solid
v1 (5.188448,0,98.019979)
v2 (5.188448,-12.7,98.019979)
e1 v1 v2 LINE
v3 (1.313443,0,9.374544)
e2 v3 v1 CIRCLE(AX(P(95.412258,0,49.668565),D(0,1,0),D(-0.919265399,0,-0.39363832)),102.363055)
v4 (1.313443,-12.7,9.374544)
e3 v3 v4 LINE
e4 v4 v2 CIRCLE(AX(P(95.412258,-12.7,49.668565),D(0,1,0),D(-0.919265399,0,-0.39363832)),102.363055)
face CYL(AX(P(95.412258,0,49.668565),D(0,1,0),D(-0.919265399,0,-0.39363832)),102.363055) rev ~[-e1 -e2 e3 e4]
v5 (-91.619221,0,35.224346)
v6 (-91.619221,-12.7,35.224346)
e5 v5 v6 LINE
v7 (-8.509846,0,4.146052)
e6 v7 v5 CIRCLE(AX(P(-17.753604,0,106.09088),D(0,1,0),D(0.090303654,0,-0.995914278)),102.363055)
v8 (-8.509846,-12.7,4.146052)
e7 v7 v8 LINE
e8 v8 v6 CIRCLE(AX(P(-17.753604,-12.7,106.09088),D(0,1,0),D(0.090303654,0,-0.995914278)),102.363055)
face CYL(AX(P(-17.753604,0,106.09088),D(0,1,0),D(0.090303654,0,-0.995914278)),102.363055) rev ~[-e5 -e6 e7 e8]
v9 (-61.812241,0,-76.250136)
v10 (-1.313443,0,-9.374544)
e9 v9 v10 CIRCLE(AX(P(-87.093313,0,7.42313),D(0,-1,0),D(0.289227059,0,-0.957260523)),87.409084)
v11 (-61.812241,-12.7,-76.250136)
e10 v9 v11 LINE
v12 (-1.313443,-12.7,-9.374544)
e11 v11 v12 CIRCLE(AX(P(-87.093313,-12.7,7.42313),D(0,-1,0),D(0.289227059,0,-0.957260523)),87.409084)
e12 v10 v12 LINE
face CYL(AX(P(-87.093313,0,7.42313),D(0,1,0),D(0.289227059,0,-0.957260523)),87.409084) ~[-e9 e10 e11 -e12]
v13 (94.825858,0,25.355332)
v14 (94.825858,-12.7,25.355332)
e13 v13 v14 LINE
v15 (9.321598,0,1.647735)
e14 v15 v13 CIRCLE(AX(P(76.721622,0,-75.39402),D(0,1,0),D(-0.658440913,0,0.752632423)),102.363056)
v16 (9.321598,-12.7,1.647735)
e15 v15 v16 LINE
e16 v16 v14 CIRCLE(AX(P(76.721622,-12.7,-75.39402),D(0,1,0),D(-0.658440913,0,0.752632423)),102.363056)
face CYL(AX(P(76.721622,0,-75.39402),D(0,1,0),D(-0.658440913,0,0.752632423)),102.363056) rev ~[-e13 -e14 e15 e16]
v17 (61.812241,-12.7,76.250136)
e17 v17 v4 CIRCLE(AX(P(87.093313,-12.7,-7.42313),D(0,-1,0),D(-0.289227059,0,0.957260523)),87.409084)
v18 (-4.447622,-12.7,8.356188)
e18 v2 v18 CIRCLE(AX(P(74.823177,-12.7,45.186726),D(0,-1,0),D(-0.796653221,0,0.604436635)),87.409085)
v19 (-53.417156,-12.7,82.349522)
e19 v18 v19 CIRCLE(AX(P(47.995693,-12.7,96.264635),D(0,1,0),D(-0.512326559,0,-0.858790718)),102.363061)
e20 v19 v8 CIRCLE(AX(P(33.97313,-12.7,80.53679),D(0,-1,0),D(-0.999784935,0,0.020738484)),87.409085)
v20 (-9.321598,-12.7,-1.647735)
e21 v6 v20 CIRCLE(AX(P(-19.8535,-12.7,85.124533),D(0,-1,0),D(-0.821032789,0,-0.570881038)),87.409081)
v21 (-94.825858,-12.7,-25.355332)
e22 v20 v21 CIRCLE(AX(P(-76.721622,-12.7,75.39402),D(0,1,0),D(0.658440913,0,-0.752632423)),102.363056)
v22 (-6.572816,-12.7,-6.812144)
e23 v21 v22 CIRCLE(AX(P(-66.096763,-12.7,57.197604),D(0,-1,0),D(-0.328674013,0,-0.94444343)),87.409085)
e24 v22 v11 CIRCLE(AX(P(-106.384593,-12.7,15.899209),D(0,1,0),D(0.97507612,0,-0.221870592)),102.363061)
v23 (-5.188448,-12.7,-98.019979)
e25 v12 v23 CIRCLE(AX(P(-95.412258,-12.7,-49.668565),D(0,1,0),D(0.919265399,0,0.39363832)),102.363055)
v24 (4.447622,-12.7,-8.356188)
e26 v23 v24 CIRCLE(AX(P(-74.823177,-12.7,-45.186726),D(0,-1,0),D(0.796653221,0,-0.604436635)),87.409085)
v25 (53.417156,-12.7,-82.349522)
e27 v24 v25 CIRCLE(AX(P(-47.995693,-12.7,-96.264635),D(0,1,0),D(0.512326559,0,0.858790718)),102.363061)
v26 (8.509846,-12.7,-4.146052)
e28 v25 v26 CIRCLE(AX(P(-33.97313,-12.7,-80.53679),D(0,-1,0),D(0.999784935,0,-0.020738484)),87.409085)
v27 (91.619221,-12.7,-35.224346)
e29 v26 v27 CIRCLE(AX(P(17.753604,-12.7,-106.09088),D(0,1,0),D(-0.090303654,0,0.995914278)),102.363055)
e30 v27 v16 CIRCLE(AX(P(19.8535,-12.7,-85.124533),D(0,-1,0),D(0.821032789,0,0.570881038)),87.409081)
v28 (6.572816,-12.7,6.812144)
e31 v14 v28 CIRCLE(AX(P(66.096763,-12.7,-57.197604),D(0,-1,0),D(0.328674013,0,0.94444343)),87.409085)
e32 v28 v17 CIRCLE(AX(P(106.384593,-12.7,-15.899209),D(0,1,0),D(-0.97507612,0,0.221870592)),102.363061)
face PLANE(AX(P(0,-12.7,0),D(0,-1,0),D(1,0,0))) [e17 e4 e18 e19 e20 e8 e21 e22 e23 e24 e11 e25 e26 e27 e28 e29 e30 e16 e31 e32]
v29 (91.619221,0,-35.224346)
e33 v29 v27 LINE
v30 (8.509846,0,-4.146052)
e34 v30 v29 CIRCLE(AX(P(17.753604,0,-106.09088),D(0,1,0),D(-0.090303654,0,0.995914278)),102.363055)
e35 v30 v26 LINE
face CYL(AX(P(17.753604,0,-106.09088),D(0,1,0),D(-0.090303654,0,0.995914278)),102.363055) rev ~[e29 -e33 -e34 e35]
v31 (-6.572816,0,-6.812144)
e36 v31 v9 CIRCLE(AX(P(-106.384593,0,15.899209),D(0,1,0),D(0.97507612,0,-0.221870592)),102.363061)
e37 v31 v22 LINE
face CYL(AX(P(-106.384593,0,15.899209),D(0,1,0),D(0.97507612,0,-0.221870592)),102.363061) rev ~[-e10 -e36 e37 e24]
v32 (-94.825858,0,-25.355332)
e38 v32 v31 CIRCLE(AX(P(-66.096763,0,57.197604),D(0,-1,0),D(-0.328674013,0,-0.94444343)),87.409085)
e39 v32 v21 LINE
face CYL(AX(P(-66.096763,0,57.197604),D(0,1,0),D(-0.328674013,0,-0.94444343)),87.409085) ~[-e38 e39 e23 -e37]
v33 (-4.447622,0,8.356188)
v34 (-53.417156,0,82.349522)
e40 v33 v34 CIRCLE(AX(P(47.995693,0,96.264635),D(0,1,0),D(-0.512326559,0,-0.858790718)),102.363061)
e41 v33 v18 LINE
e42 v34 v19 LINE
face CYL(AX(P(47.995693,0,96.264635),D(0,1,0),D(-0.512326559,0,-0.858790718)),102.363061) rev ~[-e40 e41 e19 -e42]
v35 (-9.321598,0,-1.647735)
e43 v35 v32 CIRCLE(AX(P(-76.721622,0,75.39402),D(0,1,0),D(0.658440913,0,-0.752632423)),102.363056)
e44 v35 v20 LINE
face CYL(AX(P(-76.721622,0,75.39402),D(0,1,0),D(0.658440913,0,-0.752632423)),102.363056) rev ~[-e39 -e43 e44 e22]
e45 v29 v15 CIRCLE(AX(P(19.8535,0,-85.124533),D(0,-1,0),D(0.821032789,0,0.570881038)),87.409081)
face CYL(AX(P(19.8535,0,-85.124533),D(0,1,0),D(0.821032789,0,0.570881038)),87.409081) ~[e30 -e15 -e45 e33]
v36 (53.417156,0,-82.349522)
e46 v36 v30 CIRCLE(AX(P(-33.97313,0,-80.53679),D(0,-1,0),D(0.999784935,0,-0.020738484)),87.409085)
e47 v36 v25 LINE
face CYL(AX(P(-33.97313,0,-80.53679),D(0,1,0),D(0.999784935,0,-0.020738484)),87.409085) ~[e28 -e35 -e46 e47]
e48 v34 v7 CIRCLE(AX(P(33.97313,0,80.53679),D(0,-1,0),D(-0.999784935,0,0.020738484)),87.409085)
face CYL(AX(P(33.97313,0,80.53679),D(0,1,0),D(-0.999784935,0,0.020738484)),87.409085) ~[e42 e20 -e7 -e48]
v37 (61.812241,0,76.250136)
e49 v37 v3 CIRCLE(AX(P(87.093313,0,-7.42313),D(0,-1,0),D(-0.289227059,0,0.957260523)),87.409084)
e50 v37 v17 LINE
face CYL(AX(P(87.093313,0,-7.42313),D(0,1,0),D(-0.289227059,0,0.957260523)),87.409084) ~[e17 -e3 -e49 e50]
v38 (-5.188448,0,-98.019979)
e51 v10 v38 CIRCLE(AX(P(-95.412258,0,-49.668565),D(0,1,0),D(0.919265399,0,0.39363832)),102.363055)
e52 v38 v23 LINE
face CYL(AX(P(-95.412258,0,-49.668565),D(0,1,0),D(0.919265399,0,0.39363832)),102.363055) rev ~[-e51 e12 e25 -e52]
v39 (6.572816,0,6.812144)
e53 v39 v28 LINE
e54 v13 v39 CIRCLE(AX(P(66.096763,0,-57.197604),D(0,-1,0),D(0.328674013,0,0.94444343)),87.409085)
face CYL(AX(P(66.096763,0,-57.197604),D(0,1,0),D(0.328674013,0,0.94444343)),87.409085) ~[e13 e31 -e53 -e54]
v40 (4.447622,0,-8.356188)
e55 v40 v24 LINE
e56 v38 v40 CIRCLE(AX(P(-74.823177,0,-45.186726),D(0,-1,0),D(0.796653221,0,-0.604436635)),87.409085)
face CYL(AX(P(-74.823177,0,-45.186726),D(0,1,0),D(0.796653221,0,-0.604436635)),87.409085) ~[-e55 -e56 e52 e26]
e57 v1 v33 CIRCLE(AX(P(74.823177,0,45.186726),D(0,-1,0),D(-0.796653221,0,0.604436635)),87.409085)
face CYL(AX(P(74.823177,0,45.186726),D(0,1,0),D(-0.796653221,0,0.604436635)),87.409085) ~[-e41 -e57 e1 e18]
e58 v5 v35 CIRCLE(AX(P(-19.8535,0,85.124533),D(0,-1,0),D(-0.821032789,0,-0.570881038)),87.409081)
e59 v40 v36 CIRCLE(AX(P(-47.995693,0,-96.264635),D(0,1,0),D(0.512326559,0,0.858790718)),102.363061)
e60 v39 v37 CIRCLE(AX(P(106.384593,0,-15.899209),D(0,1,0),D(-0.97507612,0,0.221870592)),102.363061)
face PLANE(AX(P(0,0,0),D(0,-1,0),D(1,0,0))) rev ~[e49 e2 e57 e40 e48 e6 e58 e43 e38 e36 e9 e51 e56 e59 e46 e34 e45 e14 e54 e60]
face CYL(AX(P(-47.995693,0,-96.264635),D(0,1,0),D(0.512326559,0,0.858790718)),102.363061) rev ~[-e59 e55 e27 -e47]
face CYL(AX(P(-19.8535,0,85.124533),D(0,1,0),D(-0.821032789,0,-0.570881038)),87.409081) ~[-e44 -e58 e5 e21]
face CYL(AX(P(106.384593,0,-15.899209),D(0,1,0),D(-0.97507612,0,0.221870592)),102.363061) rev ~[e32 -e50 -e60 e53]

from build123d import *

# Parameters (mm, degrees)
F1_DEPTH = 12.7


with BuildPart() as f1:
    # F0 (on Front) → F1 (new body)
    with BuildSketch(Plane.XZ):
        with BuildLine():
            ThreePointArc((6.572816, 6.812144), (26.277771, 47.8275), (61.812241, 76.250136))
            ThreePointArc((61.812241, 76.250136), (22.272642, 51.216691), (1.313443, 9.374544))
            ThreePointArc((1.313443, 9.374544), (-6.853136, 54.138947), (5.188448, 98.019979))
            ThreePointArc((5.188448, 98.019979), (-12.08547, 54.526704), (-4.447622, 8.356188))
            ThreePointArc((-4.447622, 8.356188), (-37.366378, 39.771156), (-53.417156, 82.349522))
            ThreePointArc((-53.417156, 82.349522), (-41.827343, 37.009369), (-8.509846, 4.146052))
            ThreePointArc((-8.509846, 4.146052), (-53.606934, 10.212135), (-91.619221, 35.224346))
            ThreePointArc((-91.619221, 35.224346), (-55.592593, 5.355713), (-9.321598, -1.647735))
            ThreePointArc((-9.321598, -1.647735), (-49.371463, -23.247574), (-94.825858, -25.355332))
            ThreePointArc((-94.825858, -25.355332), (-48.123361, -28.343643), (-6.572816, -6.812144))
            ThreePointArc((-6.572816, -6.812144), (-26.277771, -47.8275), (-61.812241, -76.250136))
            ThreePointArc((-61.812241, -76.250136), (-22.272642, -51.216691), (-1.313443, -9.374544))
            ThreePointArc((-1.313443, -9.374544), (6.853136, -54.138947), (-5.188448, -98.019979))
            ThreePointArc((-5.188448, -98.019979), (12.08547, -54.526704), (4.447622, -8.356188))
            ThreePointArc((4.447622, -8.356188), (37.366378, -39.771156), (53.417156, -82.349522))
            ThreePointArc((53.417156, -82.349522), (41.827343, -37.009369), (8.509846, -4.146052))
            ThreePointArc((8.509846, -4.146052), (53.606934, -10.212135), (91.619221, -35.224346))
            ThreePointArc((91.619221, -35.224346), (55.592593, -5.355713), (9.321598, 1.647735))
            ThreePointArc((9.321598, 1.647735), (49.371463, 23.247574), (94.825858, 25.355332))
            ThreePointArc((94.825858, 25.355332), (48.123361, 28.343643), (6.572816, 6.812144))
        make_face()
        Polygon((-4.938063, -1.002567), (-5.263817, 0), (-4.584271, 2.091427), (-4.258517, 3.093994), (-2.479443, 4.386567), (-1.626609, 5.006187), (0.572448, 5.006187), (1.626609, 5.006187), (3.405683, 3.713614), (4.258517, 3.093994), (4.938063, 1.002567), (5.263817, 0), (4.584271, -2.091427), (4.258517, -3.093994), (2.479443, -4.386567), (1.626609, -5.006187), (-0.572448, -5.006187), (-1.626609, -5.006187), (-3.405683, -3.713614), (-4.258517, -3.093994), align=None, mode=Mode.SUBTRACT)
        with BuildLine():
            ThreePointArc((-0.572448, -5.006187), (-0.250143, -2.507219), (0, 0))
            ThreePointArc((0, 0), (-1.676076, -1.881353), (-3.405683, -3.713614))
            Line((-3.405683, -3.713614), (-1.626609, -5.006187))
            Line((-1.626609, -5.006187), (-0.572448, -5.006187))
        make_face()
        with BuildLine():
            ThreePointArc((0, 0), (-2.461806, -0.536873), (-4.938063, -1.002567))
            Line((-4.938063, -1.002567), (-4.258517, -3.093994))
            Line((-4.258517, -3.093994), (-3.405683, -3.713614))
            ThreePointArc((-3.405683, -3.713614), (-1.676076, -1.881353), (0, 0))
        make_face()
        with BuildLine():
            Line((-4.584271, 2.091427), (-5.263817, 0))
            Line((-5.263817, 0), (-4.938063, -1.002567))
            ThreePointArc((-4.938063, -1.002567), (-2.461806, -0.536873), (0, 0))
            ThreePointArc((0, 0), (-2.307209, 1.012673), (-4.584271, 2.091427))
        make_face()
        with BuildLine():
            Line((-4.258517, 3.093994), (-4.584271, 2.091427))
            ThreePointArc((-4.584271, 2.091427), (-2.307209, 1.012673), (0, 0))
            ThreePointArc((0, 0), (-1.271337, 2.175413), (-2.479443, 4.386567))
            Line((-2.479443, 4.386567), (-4.258517, 3.093994))
        make_face()
        with BuildLine():
            ThreePointArc((-2.479443, 4.386567), (-1.271337, 2.175413), (0, 0))
            ThreePointArc((0, 0), (0.250143, 2.507219), (0.572448, 5.006187))
            Line((0.572448, 5.006187), (-1.626609, 5.006187))
            Line((-1.626609, 5.006187), (-2.479443, 4.386567))
        make_face()
        with BuildLine():
            ThreePointArc((0.572448, 5.006187), (0.250143, 2.507219), (0, 0))
            ThreePointArc((0, 0), (1.676076, 1.881353), (3.405683, 3.713614))
            Line((3.405683, 3.713614), (1.626609, 5.006187))
            Line((1.626609, 5.006187), (0.572448, 5.006187))
        make_face()
        with BuildLine():
            ThreePointArc((3.405683, 3.713614), (1.676076, 1.881353), (0, 0))
            ThreePointArc((0, 0), (2.461806, 0.536873), (4.938063, 1.002567))
            Line((4.938063, 1.002567), (4.258517, 3.093994))
            Line((4.258517, 3.093994), (3.405683, 3.713614))
        make_face()
        with BuildLine():
            ThreePointArc((4.938063, 1.002567), (2.461806, 0.536873), (0, 0))
            ThreePointArc((0, 0), (2.307209, -1.012673), (4.584271, -2.091427))
            Line((4.584271, -2.091427), (5.263817, 0))
            Line((5.263817, 0), (4.938063, 1.002567))
        make_face()
        with BuildLine():
            ThreePointArc((4.584271, -2.091427), (2.307209, -1.012673), (0, 0))
            ThreePointArc((0, 0), (1.271337, -2.175413), (2.479443, -4.386567))
            Line((2.479443, -4.386567), (4.258517, -3.093994))
            Line((4.258517, -3.093994), (4.584271, -2.091427))
        make_face()
        with BuildLine():
            ThreePointArc((2.479443, -4.386567), (1.271337, -2.175413), (0, 0))
            ThreePointArc((0, 0), (-0.250143, -2.507219), (-0.572448, -5.006187))
            Line((-0.572448, -5.006187), (1.626609, -5.006187))
            Line((1.626609, -5.006187), (2.479443, -4.386567))
        make_face()
    extrude(amount=F1_DEPTH)


solid = f1.part
